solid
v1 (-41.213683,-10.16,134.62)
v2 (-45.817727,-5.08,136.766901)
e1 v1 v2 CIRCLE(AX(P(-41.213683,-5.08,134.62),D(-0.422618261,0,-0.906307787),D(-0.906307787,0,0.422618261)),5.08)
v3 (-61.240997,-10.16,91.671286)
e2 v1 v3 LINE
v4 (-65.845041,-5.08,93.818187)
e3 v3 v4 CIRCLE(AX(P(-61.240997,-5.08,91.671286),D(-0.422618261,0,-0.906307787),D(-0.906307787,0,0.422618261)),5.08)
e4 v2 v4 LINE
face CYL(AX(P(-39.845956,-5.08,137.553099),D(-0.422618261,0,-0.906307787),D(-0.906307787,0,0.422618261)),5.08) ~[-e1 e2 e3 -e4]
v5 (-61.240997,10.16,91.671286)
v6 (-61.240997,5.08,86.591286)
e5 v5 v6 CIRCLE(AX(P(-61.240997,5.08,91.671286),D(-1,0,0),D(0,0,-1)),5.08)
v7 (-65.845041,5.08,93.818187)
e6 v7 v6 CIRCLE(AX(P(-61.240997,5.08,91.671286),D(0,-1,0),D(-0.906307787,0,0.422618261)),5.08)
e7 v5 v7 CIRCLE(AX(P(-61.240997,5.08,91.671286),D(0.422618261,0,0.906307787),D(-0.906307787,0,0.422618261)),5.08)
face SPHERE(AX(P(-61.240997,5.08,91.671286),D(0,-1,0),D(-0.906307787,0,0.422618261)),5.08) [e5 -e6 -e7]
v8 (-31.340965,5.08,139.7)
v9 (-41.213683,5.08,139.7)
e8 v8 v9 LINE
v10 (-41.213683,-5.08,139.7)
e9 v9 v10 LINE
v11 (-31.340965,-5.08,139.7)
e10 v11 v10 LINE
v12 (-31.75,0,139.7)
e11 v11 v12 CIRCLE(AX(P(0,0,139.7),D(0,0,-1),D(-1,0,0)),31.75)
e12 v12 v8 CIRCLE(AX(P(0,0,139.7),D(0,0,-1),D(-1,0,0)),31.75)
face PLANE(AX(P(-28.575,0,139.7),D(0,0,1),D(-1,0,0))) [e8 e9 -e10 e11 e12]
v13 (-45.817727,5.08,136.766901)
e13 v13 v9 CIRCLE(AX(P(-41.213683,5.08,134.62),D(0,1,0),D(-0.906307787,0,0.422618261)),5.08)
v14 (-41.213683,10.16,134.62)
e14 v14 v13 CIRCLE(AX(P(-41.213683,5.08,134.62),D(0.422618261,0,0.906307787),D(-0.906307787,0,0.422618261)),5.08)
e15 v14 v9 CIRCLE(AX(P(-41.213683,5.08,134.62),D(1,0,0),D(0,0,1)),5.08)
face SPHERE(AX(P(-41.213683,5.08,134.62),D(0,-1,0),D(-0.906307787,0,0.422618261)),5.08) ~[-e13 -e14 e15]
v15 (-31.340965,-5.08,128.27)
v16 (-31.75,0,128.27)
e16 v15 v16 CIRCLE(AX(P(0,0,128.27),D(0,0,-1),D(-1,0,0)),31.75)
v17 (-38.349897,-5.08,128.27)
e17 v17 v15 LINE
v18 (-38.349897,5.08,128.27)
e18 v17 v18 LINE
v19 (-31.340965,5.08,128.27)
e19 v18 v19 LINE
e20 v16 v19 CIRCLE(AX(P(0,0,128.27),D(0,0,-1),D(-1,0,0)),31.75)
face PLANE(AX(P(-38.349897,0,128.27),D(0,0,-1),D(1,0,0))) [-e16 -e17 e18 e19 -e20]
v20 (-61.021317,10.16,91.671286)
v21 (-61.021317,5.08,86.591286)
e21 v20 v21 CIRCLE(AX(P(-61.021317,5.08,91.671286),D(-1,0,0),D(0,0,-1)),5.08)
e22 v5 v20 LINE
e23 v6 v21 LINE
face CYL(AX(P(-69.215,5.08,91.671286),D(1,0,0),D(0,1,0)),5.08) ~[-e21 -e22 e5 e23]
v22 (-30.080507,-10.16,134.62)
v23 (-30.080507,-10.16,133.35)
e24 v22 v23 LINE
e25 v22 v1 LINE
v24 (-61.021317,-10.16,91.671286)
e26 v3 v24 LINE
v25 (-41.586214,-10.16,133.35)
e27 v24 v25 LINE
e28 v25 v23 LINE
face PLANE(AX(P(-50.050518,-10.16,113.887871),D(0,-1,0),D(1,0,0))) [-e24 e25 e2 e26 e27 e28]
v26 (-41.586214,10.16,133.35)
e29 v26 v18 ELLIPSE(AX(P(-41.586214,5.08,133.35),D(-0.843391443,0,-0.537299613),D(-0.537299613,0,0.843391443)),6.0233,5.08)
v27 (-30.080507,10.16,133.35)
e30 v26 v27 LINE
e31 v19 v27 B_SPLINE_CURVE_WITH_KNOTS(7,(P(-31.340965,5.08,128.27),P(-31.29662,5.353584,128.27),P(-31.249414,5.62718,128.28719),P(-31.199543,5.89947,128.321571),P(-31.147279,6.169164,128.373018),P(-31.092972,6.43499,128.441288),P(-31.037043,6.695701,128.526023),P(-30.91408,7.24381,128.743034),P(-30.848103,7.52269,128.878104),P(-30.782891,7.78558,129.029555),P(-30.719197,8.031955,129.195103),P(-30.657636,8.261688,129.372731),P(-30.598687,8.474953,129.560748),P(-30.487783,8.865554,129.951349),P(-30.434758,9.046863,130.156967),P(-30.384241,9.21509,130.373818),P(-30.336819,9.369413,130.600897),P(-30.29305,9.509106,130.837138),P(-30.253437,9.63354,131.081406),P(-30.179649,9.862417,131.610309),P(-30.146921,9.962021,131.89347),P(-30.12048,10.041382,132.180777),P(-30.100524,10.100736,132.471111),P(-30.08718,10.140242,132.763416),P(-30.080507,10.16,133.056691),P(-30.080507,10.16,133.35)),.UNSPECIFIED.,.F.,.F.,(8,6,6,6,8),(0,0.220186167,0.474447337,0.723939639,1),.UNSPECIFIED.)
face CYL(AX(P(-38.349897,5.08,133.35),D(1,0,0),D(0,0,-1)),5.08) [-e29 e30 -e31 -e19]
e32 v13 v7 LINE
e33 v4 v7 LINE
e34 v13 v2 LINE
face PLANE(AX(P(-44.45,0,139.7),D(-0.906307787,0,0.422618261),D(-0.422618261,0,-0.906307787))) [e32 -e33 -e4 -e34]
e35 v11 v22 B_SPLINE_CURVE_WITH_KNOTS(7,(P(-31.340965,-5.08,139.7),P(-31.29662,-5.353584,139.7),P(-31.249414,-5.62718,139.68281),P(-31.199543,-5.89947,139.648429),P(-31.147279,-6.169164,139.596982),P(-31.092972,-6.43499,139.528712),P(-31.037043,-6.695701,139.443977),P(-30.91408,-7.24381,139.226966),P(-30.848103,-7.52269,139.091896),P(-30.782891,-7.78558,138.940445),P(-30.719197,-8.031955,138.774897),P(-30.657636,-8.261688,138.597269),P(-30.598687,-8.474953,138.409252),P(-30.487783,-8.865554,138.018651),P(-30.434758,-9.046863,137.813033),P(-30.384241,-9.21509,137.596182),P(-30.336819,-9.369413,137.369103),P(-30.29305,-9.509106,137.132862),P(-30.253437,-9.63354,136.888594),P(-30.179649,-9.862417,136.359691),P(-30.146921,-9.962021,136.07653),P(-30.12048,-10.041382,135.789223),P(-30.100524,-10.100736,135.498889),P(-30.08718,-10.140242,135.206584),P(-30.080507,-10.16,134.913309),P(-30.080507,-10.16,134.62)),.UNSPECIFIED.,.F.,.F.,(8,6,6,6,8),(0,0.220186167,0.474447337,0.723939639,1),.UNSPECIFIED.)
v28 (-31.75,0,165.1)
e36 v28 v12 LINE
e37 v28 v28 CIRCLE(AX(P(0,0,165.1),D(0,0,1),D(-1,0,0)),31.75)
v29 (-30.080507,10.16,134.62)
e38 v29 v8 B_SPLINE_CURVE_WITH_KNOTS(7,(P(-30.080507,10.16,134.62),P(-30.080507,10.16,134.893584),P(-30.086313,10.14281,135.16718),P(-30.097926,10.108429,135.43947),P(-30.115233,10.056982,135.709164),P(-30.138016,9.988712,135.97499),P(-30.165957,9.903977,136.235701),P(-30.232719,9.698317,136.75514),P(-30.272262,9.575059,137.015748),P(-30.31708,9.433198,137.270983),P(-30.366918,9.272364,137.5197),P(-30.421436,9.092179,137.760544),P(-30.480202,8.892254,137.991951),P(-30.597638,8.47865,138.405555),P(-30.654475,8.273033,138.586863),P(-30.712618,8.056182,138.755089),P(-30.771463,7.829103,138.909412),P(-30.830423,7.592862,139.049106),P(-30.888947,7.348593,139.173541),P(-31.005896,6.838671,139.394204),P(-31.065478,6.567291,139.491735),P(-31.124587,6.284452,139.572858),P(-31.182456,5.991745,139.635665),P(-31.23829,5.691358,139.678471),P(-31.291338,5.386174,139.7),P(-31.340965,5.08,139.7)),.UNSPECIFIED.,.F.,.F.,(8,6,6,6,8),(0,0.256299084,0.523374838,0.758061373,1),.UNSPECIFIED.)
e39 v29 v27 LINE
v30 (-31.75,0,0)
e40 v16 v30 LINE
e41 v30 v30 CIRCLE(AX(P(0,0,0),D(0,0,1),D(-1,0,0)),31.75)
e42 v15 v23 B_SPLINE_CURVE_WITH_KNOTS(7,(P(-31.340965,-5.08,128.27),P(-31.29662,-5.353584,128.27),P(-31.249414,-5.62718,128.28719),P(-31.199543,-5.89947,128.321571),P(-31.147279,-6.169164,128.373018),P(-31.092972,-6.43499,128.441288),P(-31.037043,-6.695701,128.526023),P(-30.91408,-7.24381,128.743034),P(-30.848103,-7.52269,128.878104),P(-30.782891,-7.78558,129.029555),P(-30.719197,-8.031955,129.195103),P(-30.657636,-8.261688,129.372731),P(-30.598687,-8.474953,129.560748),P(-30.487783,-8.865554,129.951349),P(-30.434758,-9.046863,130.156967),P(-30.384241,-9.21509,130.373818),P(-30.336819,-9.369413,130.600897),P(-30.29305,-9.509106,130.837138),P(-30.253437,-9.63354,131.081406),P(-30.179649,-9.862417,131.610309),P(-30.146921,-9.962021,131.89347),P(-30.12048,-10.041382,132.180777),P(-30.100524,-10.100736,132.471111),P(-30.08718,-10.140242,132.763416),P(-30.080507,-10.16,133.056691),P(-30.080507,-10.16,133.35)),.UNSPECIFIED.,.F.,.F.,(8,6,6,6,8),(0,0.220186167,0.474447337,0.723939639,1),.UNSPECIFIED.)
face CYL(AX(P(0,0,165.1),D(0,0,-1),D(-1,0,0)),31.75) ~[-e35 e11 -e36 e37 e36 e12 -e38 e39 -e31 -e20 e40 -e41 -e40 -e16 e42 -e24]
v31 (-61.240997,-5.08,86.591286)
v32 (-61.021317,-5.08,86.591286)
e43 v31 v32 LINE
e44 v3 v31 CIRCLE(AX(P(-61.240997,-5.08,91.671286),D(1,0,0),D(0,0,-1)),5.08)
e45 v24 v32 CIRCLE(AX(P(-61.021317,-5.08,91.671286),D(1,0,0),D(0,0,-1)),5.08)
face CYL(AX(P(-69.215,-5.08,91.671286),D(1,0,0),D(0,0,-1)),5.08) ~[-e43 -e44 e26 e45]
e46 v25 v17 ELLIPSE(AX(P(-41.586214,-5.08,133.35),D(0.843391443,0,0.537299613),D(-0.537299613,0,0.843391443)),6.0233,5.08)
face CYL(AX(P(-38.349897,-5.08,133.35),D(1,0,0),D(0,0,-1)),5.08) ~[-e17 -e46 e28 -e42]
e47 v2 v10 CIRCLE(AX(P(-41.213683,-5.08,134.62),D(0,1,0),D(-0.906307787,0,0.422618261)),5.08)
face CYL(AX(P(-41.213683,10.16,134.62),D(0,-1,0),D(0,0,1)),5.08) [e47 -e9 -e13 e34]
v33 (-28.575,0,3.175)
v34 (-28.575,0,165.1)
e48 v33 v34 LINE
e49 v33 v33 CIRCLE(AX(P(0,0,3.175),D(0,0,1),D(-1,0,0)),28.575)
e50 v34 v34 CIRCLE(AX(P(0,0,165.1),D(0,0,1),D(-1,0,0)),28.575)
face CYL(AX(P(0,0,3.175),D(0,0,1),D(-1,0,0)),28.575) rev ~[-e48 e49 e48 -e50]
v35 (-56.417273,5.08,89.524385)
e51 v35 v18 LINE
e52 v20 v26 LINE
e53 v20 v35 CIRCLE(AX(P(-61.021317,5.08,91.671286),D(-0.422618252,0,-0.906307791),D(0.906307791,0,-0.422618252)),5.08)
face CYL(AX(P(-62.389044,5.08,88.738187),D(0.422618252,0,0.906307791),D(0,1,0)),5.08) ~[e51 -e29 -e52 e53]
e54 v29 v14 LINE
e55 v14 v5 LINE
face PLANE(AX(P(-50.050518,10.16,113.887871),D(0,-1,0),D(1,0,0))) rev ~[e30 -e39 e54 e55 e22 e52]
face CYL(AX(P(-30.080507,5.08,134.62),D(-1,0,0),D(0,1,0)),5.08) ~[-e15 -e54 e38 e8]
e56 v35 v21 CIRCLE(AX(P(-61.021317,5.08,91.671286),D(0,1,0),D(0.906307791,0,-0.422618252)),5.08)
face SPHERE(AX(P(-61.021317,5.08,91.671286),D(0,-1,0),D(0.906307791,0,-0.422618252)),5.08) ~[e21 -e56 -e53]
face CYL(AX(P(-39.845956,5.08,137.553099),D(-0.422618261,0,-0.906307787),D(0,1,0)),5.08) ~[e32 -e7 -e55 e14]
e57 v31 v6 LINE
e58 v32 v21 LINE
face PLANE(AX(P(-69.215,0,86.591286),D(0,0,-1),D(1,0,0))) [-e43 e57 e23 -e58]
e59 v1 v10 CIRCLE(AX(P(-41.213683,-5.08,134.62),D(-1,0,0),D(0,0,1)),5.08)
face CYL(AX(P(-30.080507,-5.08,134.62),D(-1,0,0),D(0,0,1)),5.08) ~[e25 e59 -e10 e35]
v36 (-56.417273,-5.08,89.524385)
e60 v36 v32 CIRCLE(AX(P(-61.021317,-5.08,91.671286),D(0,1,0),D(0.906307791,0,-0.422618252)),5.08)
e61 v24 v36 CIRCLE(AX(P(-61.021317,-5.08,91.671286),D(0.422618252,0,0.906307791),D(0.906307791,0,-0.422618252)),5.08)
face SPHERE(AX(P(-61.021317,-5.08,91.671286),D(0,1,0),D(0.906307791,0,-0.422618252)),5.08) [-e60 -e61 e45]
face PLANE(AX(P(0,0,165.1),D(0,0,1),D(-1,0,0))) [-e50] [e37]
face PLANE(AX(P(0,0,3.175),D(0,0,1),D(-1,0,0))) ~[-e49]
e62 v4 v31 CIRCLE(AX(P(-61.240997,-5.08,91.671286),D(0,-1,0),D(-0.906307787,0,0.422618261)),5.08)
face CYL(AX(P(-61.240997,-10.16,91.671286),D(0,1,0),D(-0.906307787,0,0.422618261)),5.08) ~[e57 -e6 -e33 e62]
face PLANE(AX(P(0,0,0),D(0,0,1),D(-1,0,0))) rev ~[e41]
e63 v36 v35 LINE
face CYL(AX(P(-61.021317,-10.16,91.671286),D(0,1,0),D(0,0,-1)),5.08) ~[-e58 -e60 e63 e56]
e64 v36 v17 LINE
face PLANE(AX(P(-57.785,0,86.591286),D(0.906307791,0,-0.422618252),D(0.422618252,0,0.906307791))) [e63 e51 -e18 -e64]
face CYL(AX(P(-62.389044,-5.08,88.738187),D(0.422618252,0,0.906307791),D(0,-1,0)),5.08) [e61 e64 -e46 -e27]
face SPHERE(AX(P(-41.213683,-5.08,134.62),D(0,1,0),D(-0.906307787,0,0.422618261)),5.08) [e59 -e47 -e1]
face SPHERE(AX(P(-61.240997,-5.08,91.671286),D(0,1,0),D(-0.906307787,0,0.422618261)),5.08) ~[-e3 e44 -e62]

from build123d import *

# Parameters (mm, degrees)
F0_W     = 3.175
F0_H     = 25.4
F0_H_2   = 11.43
F2_DEPTH = 10.16
F3_R     = 5.08


with BuildPart() as f1:
    # F0 (on Front) → F1 (revolve)
    with BuildSketch(Plane.XZ):
        Polygon((-31.75, 0), (0, 0), (0, 3.175), (-28.575, 3.175), (-28.575, 128.27), (-31.75, 128.27), align=None)
        with Locations((-30.1625, 152.4)):
            Rectangle(F0_W, F0_H)
        with Locations((-30.1625, 133.985)):
            Rectangle(F0_W, F0_H_2)
    revolve(axis=Axis((0, 0, 1.5875), (0, 0, 1)))

    # F0 (on Front) → F2 (join, symmetric)
    with BuildSketch(Plane.XZ):
        Polygon((-38.349897, 128.27), (-31.75, 128.27), (-31.75, 139.7), (-44.45, 139.7), (-69.215, 86.591286), (-57.785, 86.591286), align=None)
        with Locations((-30.1625, 133.985)):
            Rectangle(F0_W, F0_H_2)
    extrude(amount=F2_DEPTH, both=True)

    # F3
    f3_edges = [f1.edges().sort_by_distance(p)[0] for p in [
        (-56.8325, 10.16, 113.145643),
        (-56.8325, -10.16, 113.145643),
        (-37.265253, -10.16, 139.7),
        (-37.265253, 10.16, 139.7),
        (-44.45, 0, 139.7),
        (-48.067448, -10.16, 107.430643),
        (-48.067448, 10.16, 107.430643),
        (-63.5, -10.16, 86.591286),
        (-63.5, 10.16, 86.591286),
        (-57.785, 0, 86.591286),
        (-69.215, 0, 86.591286),
        (-34.215202, 10.16, 128.27),
        (-34.215202, -10.16, 128.27),
    ]]
    fillet(f3_edges, radius=F3_R)


solid = f1.part
